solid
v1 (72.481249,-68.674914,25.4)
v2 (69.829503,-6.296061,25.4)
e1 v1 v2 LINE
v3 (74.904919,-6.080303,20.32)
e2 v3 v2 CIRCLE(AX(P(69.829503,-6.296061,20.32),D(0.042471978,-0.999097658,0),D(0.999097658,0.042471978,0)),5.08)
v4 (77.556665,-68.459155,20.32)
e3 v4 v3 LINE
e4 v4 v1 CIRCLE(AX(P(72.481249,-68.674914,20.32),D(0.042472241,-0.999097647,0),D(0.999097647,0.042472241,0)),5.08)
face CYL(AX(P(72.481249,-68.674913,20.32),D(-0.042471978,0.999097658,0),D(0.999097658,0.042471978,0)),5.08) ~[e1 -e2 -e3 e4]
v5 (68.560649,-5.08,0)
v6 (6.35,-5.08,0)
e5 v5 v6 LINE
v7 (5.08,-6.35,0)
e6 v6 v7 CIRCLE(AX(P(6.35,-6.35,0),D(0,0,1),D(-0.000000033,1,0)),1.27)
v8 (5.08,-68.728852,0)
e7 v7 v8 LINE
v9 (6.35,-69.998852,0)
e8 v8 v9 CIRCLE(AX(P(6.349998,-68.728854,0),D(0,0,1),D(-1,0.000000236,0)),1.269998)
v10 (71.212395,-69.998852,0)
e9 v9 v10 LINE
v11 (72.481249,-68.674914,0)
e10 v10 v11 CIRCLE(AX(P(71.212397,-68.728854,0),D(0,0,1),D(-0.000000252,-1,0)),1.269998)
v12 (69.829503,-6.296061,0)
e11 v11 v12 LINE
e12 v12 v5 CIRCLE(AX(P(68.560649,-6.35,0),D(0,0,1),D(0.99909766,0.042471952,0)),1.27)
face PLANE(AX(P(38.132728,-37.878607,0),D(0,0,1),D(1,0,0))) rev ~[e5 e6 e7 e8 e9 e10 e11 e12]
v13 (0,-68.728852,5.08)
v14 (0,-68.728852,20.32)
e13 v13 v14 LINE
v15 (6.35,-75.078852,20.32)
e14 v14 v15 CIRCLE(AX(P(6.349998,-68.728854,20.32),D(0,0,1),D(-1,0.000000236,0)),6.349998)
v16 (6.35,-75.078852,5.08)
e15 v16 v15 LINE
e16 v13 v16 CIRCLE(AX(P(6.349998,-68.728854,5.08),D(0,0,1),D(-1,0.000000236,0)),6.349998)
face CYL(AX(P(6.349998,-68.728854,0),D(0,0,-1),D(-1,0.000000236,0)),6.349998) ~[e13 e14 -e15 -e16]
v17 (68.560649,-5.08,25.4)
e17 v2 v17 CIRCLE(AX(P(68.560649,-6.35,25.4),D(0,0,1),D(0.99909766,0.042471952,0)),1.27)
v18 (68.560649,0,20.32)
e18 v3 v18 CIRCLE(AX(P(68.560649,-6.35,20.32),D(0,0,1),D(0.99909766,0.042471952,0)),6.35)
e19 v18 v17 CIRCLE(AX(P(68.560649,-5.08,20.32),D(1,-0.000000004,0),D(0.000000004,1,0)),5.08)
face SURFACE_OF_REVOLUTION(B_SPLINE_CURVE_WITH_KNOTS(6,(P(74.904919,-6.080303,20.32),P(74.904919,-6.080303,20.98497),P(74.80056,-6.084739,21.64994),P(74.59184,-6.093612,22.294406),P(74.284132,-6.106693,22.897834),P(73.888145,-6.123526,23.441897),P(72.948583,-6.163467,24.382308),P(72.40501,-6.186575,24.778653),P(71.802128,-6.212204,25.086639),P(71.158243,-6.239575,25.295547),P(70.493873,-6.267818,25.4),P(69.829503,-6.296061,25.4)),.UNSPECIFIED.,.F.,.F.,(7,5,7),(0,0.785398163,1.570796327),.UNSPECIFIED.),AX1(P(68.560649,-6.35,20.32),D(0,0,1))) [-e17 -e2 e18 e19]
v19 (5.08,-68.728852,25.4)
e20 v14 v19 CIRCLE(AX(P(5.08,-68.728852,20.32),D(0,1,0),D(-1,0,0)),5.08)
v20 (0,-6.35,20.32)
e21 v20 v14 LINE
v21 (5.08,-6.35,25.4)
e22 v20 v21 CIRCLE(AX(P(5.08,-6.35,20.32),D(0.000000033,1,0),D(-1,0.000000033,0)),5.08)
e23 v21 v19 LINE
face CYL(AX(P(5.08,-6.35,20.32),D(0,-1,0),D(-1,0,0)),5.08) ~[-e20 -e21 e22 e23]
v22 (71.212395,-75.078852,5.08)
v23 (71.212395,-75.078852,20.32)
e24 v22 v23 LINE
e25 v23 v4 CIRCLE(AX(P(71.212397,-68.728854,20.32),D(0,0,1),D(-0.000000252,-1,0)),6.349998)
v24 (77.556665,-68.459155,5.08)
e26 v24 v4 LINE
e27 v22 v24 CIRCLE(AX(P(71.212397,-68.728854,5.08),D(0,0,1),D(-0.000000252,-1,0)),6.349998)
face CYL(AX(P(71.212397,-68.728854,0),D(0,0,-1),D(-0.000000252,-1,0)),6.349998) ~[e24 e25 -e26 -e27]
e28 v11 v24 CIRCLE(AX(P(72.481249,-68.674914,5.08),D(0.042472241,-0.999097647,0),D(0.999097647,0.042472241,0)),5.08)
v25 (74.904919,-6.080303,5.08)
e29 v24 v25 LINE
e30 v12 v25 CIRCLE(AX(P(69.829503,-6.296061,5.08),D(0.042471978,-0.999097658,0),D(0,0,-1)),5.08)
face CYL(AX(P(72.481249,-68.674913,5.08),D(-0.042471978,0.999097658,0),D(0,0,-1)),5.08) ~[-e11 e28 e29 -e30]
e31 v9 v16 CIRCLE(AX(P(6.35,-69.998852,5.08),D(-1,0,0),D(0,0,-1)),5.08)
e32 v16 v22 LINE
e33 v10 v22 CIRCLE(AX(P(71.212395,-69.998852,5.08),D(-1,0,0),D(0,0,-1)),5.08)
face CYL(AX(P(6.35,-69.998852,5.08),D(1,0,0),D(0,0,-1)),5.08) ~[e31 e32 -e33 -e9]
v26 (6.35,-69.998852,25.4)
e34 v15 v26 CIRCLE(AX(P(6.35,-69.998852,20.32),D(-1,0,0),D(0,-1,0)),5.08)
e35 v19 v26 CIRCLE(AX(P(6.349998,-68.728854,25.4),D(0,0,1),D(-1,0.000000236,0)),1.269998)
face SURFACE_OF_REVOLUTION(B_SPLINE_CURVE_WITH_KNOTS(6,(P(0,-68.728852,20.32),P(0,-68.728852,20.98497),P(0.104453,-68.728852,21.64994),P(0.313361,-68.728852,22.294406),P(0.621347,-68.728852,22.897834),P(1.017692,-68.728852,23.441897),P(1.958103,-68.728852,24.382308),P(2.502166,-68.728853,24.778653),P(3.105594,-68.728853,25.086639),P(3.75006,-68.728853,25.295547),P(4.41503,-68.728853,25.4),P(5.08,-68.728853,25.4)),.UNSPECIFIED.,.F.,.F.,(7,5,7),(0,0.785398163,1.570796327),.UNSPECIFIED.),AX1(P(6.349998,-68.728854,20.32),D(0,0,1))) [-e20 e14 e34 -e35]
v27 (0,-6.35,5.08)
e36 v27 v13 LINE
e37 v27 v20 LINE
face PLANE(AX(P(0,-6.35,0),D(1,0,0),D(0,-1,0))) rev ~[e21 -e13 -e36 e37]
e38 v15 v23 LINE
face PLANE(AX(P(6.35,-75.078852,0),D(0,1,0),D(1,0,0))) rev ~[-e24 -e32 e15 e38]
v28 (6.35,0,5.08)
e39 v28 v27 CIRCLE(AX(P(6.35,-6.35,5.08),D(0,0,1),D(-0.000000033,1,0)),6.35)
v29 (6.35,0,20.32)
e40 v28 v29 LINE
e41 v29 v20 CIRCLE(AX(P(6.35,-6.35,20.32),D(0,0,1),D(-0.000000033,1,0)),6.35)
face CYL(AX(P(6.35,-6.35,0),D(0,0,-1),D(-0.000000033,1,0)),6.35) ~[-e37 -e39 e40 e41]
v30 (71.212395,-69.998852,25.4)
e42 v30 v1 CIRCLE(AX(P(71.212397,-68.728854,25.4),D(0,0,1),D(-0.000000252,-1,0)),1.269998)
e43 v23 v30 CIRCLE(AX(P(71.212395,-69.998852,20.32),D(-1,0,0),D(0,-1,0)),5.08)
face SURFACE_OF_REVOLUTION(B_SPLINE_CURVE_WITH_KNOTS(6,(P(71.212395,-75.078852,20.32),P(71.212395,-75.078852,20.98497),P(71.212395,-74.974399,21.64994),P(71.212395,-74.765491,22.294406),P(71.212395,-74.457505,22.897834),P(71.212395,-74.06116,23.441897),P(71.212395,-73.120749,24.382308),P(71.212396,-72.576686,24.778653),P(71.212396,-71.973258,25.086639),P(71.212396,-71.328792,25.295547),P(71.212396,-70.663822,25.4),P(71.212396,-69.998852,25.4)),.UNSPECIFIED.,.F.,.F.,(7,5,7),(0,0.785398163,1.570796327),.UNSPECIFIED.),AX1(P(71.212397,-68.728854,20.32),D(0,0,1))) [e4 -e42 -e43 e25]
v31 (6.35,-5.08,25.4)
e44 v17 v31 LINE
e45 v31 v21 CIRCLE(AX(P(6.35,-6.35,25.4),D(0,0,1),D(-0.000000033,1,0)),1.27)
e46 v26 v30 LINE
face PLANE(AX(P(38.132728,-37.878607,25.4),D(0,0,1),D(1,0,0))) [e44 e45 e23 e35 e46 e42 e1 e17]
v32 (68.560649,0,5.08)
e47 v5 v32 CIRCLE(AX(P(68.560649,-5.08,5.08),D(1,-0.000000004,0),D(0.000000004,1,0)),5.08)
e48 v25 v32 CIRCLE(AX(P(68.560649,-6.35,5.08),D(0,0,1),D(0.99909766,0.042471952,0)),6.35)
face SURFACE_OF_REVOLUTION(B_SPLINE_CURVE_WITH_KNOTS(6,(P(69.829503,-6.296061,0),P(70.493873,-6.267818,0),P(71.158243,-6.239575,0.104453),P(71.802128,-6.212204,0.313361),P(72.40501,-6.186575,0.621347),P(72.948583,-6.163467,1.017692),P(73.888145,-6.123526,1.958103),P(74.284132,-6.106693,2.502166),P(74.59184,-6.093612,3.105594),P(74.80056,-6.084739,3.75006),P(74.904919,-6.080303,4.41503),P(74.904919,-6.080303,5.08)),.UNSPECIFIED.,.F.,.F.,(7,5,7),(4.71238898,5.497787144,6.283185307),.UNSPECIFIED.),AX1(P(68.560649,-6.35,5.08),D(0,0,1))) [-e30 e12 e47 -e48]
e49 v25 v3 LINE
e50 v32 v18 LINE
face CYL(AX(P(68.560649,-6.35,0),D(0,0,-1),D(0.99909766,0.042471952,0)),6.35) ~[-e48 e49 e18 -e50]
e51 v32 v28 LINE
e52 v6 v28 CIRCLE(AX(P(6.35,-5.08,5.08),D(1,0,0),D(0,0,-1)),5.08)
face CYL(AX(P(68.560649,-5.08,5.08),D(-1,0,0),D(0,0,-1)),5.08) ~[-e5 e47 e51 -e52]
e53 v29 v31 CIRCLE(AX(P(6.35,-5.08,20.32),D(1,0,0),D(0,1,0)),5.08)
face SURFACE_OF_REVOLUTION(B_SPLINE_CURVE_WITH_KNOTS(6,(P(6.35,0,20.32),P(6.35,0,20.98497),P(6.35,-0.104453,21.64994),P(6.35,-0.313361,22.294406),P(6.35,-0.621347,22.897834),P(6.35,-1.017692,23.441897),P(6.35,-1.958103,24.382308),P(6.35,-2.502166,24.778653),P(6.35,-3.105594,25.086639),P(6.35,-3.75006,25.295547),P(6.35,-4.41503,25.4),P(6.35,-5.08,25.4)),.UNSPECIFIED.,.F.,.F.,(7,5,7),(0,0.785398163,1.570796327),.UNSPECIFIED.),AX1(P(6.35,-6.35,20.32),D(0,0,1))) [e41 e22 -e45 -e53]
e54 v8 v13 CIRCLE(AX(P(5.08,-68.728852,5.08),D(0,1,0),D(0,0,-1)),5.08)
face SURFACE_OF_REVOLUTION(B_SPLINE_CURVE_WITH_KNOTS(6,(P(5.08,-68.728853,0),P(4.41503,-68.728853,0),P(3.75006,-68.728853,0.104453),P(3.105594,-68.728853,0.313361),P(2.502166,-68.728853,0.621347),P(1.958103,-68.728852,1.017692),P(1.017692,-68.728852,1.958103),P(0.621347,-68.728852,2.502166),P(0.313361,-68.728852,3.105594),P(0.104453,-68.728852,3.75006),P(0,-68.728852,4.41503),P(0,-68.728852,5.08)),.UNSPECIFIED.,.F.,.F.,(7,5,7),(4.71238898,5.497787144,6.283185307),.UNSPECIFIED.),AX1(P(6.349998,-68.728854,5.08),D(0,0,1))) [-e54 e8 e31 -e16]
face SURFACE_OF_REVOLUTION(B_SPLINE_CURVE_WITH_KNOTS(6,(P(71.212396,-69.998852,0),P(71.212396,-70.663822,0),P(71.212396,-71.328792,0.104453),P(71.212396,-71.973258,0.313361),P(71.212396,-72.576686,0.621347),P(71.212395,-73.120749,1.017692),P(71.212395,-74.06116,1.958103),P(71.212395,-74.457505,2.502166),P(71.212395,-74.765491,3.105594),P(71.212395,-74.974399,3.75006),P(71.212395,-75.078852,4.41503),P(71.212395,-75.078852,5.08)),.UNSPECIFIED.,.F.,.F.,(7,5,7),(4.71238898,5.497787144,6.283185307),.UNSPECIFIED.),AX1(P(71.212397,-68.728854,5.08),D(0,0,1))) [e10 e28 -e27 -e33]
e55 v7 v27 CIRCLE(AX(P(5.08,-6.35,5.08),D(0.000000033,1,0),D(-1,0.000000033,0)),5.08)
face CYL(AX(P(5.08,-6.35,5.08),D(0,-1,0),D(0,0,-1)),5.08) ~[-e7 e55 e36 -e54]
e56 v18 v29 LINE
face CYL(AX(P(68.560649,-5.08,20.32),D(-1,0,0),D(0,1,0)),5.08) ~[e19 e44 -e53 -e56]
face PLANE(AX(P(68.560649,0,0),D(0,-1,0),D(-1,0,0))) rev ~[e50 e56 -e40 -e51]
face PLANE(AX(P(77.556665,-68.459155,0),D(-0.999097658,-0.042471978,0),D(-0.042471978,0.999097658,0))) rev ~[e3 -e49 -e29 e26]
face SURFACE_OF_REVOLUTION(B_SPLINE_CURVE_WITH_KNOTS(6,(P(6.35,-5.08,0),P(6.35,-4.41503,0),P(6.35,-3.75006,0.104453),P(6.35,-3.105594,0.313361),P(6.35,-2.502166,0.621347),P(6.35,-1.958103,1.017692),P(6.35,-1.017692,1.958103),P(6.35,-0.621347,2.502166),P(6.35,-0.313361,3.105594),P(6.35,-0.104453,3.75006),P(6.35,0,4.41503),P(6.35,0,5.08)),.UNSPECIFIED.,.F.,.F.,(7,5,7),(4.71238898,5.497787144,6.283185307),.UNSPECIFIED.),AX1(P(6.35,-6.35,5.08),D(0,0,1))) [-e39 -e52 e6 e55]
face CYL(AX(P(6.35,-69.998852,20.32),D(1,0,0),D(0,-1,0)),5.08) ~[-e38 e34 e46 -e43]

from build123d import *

# Parameters (mm, degrees)
F1_DEPTH = 25.4
F2_R     = 5.08
F3_R     = 5.08


with BuildPart() as f1:
    # F0 (on Top) → F1 (new body)
    with BuildSketch(Plane.XY):
        with BuildLine():
            ThreePointArc((74.904919, -6.080303), (72.95439, -1.765511), (68.560649, 0))
            Line((68.560649, 0), (6.35, 0))
            ThreePointArc((6.35, 0), (1.859872, -1.859872), (0, -6.35))
            Line((0, -6.35), (0, -68.728852))
            ThreePointArc((0, -68.728852), (1.859872, -73.218981), (6.35, -75.078852))
            Line((6.35, -75.078852), (71.212395, -75.078852))
            ThreePointArc((71.212395, -75.078852), (75.796884, -73.122594), (77.556665, -68.459155))
            Line((77.556665, -68.459155), (74.904919, -6.080303))
        make_face()
    extrude(amount=F1_DEPTH)

    # F2
    f2_edges = [f1.edges().sort_by_distance(p)[0] for p in [
        (38.781197, -75.078852, 25.4),
    ]]
    fillet(f2_edges, radius=F2_R)

    # F3
    f3_edges = [f1.edges().sort_by_distance(p)[0] for p in [
        (38.781197, -75.078852, 0),
        (76.230792, -37.269729, 0),
    ]]
    fillet(f3_edges, radius=F3_R)


solid = f1.part
